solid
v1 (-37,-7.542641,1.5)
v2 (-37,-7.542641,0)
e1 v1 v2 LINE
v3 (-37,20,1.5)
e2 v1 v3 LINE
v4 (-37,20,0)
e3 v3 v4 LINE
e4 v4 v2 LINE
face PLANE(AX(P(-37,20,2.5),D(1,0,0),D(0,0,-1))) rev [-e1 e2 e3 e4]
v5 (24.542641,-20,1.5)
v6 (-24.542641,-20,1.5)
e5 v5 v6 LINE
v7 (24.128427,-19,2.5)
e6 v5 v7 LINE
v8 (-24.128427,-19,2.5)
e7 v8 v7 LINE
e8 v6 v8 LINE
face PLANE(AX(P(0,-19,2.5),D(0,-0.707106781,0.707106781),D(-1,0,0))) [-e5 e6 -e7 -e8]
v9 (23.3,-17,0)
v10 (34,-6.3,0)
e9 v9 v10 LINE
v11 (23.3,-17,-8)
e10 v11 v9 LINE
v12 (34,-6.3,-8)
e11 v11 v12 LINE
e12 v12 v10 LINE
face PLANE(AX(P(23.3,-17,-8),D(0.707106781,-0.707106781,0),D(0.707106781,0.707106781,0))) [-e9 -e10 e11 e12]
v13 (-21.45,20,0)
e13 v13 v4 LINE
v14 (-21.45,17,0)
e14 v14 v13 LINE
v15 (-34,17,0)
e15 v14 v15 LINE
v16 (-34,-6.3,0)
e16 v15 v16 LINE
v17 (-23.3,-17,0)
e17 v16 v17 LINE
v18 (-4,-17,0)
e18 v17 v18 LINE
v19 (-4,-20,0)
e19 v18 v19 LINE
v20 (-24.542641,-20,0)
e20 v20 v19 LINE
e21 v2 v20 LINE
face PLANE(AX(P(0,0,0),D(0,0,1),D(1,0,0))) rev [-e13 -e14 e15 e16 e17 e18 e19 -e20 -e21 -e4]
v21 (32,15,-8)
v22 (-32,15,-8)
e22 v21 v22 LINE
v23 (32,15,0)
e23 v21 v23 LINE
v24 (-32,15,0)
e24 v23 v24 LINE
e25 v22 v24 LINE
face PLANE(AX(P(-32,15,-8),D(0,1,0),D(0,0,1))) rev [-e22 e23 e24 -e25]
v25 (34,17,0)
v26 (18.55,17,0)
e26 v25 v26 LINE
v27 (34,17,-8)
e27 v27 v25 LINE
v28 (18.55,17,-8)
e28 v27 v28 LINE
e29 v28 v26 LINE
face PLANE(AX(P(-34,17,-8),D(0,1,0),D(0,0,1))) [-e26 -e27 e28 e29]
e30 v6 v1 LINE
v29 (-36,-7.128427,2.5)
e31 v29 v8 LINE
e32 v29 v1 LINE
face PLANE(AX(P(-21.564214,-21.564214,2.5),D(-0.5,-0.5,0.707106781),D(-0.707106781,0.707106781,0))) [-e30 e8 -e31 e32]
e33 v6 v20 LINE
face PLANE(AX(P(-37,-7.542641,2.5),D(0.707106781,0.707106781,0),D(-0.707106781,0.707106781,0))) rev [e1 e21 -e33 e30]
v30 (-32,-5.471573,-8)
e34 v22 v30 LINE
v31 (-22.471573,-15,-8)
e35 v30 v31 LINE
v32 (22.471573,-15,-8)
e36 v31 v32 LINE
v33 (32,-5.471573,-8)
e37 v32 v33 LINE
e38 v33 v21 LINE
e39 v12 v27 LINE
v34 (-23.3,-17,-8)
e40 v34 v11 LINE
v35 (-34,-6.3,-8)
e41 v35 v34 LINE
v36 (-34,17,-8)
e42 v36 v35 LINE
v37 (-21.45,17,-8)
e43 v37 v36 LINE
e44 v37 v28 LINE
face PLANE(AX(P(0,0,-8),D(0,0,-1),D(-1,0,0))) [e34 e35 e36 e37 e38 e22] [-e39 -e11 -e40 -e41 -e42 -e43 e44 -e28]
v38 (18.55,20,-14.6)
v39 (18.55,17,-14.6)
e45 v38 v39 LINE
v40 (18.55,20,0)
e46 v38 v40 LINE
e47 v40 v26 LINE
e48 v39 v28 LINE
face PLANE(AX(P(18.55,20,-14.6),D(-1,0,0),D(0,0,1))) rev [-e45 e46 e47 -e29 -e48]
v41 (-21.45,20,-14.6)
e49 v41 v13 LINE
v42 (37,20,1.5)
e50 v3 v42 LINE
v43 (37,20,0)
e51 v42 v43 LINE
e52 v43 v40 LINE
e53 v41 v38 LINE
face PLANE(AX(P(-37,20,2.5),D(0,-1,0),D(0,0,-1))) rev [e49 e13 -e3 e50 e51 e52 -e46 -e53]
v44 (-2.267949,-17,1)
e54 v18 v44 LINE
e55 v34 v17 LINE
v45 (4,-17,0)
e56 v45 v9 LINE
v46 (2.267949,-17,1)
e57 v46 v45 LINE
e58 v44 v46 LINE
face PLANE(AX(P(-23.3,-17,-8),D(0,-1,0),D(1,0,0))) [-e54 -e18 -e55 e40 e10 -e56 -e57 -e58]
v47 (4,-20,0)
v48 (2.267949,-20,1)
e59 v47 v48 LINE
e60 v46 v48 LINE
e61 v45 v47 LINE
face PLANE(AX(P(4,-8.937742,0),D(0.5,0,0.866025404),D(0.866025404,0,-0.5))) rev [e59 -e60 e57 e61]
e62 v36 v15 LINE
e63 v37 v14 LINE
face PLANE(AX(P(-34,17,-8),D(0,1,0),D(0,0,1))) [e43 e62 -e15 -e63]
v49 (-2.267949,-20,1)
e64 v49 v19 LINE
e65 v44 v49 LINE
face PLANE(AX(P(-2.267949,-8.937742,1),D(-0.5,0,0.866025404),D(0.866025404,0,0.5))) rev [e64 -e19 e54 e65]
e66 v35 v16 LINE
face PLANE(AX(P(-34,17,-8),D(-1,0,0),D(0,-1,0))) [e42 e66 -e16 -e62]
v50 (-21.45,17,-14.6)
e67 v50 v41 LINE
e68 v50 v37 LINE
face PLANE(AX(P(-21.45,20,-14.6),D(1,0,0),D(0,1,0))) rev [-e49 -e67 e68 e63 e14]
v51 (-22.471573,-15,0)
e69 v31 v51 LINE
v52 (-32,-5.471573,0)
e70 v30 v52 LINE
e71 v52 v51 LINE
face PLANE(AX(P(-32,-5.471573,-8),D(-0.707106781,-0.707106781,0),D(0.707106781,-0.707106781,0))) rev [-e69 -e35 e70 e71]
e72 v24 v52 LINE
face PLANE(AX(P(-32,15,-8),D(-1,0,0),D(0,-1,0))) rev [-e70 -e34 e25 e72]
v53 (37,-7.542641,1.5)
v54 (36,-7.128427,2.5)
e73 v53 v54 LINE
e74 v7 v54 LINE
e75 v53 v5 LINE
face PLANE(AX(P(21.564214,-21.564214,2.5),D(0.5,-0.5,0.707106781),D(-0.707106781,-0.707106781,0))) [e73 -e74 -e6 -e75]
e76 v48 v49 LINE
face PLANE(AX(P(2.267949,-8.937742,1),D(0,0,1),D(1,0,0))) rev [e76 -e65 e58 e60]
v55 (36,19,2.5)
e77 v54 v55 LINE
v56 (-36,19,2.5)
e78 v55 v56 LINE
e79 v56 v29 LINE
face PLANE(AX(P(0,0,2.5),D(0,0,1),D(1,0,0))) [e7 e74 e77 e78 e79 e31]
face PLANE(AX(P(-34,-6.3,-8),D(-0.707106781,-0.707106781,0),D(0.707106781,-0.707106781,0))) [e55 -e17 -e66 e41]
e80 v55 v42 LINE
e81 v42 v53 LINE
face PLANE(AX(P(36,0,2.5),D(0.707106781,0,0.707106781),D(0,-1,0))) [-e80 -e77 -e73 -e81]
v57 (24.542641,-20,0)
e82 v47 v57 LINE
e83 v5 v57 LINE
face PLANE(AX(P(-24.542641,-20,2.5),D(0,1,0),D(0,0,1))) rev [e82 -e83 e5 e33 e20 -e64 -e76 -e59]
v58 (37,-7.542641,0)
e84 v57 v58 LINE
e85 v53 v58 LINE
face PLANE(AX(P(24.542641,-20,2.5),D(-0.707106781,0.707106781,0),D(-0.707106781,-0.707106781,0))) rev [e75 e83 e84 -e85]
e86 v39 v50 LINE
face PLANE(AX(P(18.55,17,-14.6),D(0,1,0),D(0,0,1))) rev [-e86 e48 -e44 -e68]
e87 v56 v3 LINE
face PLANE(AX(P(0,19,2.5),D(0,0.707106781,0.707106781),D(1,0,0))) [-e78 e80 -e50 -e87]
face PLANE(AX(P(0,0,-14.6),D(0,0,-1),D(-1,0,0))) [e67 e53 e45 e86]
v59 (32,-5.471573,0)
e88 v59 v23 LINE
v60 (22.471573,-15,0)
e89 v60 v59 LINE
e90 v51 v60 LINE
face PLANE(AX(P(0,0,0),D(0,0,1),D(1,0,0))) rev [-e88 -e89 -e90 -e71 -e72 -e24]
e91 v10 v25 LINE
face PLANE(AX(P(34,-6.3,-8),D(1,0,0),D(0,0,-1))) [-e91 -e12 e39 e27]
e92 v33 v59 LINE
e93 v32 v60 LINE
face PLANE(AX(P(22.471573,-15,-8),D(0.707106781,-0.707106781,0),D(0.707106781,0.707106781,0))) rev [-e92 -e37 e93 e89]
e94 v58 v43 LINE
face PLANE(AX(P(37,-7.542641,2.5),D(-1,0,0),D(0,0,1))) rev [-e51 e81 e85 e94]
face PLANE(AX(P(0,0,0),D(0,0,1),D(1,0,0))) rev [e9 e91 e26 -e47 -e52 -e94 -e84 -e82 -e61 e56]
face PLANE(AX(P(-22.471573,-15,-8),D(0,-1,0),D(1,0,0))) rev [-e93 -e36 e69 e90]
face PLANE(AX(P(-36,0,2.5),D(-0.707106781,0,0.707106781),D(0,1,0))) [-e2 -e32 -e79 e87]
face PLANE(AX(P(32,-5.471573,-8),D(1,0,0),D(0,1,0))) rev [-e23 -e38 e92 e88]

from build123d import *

# Parameters (mm, degrees)
PRESS_FIT_WALL_EXTRUDE_DEPTH = 8
MAIN_LID_EXTRUDE_DEPTH       = 2.5
MAIN_LID_CHAMFER_SIZE        = 1
MAIN_LID_TAB_CUT_DEPTH       = 3
SKETCH5_W                    = 40
SKETCH5_H                    = 3
SERVO_WALL_EXTRUDE_DEPTH     = 14.6


with BuildPart() as part:
    # Sketch2 → Press Fit Wall Extrude (new body)
    with BuildSketch(Plane.XY):
        Polygon((34, -6.3), (34, 17), (-34, 17), (-34, -6.3), (-23.3, -17), (23.3, -17), align=None)
        Polygon((32, -5.471572875), (32, 15), (-32, 15), (-32, -5.471572875), (-22.471572875, -15), (22.471572875, -15), align=None, mode=Mode.SUBTRACT)
    extrude(amount=-PRESS_FIT_WALL_EXTRUDE_DEPTH)

    # Sketch3 → Main Lid Extrude (add)
    with BuildSketch(Plane.XY):
        Polygon((24.542640687, -20), (37, -7.542640687), (37, 20), (-37, 20), (-37, -7.542640687), (-24.542640687, -20), align=None)
    extrude(amount=MAIN_LID_EXTRUDE_DEPTH)

    # Main Lid Chamfer
    main_lid_chamfer_edges = [part.edges().sort_by_distance(p)[0] for p in [
        (0, -20, 2.5),
        (30.771320344, -13.771320344, 2.5),
        (37, 6.228679656, 2.5),
        (0, 20, 2.5),
        (-37, 6.228679656, 2.5),
        (-30.771320344, -13.771320344, 2.5),
    ]]
    chamfer(main_lid_chamfer_edges, length=MAIN_LID_CHAMFER_SIZE)

    # Sketch4 → Main Lid Tab Cut (cut)
    with BuildSketch(Plane.XZ.offset(20)):
        Polygon((-4, 0), (4, 0), (2.267949192, 1), (-2.267949192, 1), align=None)
    extrude(amount=-MAIN_LID_TAB_CUT_DEPTH, mode=Mode.SUBTRACT)

    # Sketch5 → Servo Wall Extrude (add)
    with BuildSketch(Plane(origin=(0, 0, 0), x_dir=(-1, 0, 0), z_dir=(0, 0, -1))):
        with Locations((1.45, 18.5)):
            Rectangle(SKETCH5_W, SKETCH5_H)
    extrude(amount=SERVO_WALL_EXTRUDE_DEPTH)


solid = part.part
